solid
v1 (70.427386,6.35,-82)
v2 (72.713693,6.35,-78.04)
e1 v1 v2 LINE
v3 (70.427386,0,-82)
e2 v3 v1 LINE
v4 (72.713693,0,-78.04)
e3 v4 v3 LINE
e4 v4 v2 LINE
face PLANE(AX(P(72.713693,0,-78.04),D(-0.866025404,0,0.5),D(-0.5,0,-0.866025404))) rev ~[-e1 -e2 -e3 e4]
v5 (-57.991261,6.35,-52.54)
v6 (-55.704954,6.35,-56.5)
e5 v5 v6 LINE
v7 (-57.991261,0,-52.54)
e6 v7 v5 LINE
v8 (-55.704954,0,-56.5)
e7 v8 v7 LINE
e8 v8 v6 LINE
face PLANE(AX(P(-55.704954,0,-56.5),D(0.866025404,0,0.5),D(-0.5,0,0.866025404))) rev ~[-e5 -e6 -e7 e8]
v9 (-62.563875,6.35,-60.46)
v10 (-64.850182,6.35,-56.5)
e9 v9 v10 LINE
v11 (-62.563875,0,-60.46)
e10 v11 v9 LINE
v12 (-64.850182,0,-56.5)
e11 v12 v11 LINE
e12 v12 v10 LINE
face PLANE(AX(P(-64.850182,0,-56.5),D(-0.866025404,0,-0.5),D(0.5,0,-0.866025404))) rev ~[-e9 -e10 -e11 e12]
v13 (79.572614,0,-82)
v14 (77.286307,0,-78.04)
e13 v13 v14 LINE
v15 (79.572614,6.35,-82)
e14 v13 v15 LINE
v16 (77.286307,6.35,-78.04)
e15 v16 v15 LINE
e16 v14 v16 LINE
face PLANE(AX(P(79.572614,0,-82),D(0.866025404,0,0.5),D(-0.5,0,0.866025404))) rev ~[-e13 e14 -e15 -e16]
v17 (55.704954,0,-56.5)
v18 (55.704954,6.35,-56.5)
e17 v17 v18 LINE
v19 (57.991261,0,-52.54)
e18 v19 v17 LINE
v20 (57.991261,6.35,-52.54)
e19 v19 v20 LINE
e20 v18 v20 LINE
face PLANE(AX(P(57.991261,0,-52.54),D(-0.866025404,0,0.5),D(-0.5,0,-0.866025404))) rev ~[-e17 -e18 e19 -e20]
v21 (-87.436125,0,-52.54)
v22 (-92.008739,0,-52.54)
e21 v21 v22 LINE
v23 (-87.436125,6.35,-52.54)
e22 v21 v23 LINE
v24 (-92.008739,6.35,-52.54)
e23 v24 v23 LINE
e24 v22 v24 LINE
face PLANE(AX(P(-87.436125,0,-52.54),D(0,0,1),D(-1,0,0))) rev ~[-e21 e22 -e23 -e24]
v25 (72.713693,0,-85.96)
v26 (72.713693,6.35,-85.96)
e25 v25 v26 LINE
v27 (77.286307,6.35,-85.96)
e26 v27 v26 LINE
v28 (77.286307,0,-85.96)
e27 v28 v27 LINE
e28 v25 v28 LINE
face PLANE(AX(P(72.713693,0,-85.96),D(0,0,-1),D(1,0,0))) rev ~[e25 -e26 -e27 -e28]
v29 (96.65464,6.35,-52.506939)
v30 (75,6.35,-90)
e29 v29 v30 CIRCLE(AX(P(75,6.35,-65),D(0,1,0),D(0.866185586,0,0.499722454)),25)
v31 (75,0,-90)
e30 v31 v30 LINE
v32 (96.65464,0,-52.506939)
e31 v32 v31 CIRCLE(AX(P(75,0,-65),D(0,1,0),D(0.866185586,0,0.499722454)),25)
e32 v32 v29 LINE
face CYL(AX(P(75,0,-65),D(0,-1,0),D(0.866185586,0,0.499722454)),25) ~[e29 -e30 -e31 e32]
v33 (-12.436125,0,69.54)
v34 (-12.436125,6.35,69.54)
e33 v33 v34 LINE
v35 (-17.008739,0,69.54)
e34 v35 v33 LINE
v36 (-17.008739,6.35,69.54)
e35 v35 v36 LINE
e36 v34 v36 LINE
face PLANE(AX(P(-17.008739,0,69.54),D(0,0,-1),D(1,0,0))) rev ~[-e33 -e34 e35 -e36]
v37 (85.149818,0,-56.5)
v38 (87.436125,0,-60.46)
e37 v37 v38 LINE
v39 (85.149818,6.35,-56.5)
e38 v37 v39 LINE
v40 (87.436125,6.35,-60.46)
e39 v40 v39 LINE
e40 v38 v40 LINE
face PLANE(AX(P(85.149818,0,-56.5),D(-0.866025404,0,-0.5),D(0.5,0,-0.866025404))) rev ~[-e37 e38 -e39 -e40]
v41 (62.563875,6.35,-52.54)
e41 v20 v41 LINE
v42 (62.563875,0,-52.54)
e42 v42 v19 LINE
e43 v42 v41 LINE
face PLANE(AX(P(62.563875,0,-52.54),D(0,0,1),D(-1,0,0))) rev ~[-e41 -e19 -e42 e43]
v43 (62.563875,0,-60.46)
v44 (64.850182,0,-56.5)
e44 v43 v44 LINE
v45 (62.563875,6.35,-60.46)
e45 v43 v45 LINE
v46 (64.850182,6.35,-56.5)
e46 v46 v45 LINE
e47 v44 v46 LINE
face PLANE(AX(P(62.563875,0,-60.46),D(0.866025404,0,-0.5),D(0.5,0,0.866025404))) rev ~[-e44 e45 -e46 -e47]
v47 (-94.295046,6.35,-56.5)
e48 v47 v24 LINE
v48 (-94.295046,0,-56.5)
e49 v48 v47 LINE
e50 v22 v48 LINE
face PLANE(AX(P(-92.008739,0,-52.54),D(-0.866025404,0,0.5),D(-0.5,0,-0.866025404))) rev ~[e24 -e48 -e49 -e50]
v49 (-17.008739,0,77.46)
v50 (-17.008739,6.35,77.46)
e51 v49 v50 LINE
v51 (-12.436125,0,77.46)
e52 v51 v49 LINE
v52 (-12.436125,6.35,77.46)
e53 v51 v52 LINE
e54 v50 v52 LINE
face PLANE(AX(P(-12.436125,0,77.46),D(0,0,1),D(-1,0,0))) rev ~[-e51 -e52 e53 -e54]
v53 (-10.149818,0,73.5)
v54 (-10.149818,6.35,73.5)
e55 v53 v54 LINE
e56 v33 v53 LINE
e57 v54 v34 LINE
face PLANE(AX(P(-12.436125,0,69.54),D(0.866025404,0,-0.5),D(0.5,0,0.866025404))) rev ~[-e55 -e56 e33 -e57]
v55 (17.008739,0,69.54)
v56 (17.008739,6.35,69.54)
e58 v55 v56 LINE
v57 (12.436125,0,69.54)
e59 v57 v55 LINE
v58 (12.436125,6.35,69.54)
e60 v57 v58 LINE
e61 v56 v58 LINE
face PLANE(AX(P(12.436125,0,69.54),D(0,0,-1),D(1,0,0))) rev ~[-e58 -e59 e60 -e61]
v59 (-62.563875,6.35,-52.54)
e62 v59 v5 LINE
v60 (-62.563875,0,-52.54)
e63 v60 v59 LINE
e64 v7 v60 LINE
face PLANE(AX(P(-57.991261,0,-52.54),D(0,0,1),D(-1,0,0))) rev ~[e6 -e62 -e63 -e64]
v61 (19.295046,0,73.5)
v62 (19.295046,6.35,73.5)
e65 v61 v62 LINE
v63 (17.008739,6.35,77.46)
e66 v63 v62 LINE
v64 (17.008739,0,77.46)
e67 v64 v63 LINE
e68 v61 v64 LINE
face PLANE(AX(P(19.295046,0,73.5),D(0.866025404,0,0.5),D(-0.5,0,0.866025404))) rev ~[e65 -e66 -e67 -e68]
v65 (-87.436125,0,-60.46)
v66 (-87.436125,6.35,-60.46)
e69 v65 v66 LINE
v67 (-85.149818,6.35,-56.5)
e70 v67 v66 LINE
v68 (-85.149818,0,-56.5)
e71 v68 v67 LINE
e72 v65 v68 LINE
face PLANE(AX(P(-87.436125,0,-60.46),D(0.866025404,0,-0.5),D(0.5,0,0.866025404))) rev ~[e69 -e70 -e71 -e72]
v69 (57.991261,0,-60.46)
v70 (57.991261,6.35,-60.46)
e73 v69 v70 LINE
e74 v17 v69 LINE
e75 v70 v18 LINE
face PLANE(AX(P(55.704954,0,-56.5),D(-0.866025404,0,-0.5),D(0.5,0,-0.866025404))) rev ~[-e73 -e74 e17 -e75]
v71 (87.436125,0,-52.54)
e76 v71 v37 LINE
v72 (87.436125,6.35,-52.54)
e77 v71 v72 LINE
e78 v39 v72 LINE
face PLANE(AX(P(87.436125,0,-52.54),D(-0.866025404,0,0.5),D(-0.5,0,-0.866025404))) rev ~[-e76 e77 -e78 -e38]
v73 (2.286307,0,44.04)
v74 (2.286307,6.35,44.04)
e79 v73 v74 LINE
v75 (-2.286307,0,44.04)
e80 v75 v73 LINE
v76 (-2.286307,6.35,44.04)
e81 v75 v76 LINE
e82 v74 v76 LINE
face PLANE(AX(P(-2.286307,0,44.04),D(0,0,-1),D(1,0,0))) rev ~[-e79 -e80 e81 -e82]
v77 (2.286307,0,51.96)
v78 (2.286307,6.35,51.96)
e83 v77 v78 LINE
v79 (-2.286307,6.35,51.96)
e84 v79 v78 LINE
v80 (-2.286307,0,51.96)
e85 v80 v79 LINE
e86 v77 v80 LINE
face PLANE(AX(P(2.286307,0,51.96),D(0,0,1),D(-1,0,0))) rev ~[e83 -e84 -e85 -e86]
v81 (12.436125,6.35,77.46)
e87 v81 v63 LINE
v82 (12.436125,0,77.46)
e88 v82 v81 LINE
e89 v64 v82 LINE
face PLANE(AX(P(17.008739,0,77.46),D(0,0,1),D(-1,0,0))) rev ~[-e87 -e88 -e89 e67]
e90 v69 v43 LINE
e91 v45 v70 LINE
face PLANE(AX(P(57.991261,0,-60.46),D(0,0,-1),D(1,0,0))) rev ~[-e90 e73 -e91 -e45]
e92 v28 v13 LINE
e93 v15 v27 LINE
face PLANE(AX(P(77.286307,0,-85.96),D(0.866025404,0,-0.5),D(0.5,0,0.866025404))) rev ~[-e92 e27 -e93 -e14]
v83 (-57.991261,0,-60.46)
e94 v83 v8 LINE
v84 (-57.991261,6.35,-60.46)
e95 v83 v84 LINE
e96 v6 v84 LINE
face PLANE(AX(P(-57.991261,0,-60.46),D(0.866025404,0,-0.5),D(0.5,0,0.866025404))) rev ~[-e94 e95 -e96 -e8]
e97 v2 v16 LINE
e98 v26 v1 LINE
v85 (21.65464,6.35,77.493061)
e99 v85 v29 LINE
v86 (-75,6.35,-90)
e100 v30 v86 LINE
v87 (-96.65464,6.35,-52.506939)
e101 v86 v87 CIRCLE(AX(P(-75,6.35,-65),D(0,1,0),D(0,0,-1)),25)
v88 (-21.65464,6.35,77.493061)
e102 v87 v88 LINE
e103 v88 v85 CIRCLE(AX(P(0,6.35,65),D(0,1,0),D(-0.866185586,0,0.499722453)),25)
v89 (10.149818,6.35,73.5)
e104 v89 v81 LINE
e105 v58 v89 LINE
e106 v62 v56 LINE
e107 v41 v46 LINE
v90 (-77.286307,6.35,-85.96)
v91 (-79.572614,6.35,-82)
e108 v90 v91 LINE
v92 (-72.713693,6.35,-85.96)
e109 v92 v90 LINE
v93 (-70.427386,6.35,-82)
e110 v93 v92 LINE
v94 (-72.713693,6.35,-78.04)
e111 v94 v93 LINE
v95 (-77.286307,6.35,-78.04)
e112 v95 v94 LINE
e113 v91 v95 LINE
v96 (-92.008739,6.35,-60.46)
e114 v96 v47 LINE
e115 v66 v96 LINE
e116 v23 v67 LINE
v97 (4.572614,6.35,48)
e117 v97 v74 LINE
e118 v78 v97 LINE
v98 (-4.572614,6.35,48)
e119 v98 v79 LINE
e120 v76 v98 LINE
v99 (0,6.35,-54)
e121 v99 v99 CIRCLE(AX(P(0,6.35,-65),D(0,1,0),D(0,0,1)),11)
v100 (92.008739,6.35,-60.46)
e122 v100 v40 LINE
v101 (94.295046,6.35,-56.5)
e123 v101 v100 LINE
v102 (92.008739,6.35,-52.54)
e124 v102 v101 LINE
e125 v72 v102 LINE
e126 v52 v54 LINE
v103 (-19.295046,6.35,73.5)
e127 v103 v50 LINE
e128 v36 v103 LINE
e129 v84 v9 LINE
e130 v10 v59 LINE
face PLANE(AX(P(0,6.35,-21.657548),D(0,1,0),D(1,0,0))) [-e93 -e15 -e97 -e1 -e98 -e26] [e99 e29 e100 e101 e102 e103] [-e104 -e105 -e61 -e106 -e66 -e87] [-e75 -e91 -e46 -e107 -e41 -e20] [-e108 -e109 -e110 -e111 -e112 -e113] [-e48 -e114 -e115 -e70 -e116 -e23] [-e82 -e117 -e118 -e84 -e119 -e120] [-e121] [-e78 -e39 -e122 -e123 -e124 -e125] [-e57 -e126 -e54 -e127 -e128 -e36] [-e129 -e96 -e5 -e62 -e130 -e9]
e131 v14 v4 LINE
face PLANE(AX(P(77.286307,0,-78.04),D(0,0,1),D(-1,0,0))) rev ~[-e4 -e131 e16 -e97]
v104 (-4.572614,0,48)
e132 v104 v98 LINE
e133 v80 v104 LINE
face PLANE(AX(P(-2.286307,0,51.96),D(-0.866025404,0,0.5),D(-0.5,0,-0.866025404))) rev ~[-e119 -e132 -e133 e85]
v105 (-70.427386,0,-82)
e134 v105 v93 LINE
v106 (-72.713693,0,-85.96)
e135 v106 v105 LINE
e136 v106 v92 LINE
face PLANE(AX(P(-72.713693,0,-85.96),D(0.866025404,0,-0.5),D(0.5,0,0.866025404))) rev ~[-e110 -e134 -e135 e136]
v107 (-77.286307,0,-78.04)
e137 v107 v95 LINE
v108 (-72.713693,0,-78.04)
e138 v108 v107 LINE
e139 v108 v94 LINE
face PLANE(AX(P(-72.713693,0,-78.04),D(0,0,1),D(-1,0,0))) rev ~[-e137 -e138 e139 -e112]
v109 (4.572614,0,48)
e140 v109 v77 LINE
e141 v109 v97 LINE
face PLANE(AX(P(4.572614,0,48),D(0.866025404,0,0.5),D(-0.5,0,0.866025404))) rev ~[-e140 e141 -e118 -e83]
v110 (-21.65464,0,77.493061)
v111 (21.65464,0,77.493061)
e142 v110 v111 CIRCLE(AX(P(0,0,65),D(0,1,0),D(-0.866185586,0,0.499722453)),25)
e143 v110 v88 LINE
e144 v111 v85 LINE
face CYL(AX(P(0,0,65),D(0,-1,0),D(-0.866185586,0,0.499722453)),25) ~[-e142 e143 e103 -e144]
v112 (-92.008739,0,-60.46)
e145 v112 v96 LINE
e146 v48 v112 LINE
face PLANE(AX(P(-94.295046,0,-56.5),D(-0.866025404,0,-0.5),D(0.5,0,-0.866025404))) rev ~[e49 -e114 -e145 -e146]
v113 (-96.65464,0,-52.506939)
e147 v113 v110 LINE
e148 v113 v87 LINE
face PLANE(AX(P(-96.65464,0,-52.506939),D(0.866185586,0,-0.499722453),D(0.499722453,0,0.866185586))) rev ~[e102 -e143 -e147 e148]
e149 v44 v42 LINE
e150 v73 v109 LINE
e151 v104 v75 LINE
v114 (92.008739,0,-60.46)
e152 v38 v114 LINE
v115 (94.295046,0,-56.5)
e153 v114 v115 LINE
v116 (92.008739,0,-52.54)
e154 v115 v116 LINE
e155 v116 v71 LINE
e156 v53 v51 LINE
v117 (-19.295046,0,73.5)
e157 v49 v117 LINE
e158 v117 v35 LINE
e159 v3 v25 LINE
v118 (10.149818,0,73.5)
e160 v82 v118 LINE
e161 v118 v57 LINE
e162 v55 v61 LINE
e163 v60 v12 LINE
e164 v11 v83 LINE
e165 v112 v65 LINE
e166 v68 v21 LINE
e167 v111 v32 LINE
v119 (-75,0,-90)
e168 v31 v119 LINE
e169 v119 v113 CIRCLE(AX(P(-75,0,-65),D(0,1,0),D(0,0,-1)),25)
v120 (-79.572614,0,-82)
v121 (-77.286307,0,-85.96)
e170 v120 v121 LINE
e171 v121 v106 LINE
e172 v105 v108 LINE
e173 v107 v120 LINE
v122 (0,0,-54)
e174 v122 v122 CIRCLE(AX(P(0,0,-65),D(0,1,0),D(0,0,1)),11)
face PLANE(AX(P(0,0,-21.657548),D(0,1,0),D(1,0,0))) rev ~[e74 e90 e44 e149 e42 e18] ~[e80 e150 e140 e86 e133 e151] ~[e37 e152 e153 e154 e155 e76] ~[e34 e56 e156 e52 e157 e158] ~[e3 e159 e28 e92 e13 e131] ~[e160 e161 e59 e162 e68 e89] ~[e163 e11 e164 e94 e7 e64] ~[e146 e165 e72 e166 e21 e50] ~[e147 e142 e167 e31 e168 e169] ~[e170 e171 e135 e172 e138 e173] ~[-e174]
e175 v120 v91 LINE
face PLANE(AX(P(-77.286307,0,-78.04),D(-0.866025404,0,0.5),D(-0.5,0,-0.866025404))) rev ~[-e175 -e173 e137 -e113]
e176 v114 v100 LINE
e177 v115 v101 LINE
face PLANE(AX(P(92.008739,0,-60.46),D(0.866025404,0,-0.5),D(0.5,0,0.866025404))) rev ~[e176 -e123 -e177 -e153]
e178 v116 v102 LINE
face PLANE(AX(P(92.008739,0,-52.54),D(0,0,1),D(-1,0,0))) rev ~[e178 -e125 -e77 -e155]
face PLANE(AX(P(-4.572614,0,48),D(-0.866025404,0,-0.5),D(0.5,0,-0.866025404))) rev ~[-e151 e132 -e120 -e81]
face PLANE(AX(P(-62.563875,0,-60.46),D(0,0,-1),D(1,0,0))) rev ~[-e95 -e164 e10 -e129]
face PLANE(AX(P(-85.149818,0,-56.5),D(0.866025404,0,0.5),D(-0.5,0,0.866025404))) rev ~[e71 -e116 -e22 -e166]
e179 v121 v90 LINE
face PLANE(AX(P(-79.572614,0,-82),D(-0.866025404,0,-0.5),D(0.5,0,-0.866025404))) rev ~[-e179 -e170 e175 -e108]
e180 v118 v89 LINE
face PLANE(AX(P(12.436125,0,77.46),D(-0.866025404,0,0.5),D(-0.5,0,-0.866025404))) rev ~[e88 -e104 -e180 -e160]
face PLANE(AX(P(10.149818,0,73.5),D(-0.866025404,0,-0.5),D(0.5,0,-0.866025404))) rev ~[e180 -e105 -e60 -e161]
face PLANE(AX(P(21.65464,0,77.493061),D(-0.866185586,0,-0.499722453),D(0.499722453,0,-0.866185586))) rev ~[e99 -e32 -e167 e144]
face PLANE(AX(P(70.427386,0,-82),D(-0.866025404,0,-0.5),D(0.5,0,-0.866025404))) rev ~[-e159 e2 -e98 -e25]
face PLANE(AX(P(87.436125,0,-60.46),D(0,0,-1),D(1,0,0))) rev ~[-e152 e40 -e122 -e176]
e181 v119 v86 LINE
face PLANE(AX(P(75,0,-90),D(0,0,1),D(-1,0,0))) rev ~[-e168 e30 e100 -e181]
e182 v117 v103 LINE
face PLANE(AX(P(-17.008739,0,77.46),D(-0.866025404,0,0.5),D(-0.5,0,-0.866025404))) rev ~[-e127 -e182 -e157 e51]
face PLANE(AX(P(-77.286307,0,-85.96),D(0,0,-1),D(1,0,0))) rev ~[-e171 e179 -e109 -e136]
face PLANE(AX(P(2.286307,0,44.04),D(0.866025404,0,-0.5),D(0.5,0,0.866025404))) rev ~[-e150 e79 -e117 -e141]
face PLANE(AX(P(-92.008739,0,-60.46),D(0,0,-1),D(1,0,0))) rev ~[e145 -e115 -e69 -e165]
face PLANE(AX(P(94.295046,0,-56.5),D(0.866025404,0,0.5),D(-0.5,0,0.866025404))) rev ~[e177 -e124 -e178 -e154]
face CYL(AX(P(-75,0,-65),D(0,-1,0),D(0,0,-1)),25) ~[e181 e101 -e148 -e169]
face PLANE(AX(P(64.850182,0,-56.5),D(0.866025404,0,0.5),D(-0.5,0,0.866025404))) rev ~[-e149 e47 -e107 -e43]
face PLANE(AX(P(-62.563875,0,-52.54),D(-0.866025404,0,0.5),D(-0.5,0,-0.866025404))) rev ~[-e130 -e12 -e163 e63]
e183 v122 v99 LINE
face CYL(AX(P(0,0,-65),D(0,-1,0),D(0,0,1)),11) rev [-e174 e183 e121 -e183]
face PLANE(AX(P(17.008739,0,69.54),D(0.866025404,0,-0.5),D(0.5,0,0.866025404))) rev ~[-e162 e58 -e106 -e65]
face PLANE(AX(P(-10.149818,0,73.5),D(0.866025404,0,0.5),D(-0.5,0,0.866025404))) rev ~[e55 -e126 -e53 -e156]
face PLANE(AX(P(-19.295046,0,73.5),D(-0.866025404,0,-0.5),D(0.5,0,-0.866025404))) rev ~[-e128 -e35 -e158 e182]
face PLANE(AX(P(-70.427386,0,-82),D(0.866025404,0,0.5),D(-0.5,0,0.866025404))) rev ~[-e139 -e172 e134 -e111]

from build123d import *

# Parameters (mm, degrees)
ESQUISSE1_R             = 11
BOSS_EXTRU_1_DEPTH      = 6.35
ENL_V_MAT_EXTRU_1_DEPTH = 135.686014493


with BuildPart() as part:
    # Esquisse1 → Boss.-Extru.1 (new body)
    with BuildSketch(Plane(origin=(0, 0, 0), x_dir=(1, 0, 0), z_dir=(0, 1, 0))):
        with BuildLine():
            Line((-96.654639651, 52.506938663), (-21.654639651, -77.493061337))
            ThreePointArc((-21.654639651, -77.493061337), (0, -90), (21.654639651, -77.493061337))
            Line((21.654639651, -77.493061337), (96.654639651, 52.506938663))
            ThreePointArc((96.654639651, 52.506938663), (96.648631983, 77.50346885), (75, 90))
            Line((75, 90), (-75, 90))
            ThreePointArc((-75, 90), (-96.648631983, 77.50346885), (-96.654639651, 52.506938663))
        make_face()
        with Locations(Location((0, 65, 0), (0, 0, 270))):
            Circle(ESQUISSE1_R, mode=Mode.SUBTRACT)
    extrude(amount=BOSS_EXTRU_1_DEPTH)

    # Esquisse3 → Enlèv. mat.-Extru.1 (cut, through all)
    with BuildSketch(Plane.XZ):
        Polygon((-79.572614132, -82), (-77.286307066, -85.96), (-72.713692934, -85.96), (-70.427385868, -82), (-72.713692934, -78.04), (-77.286307066, -78.04), align=None)
        Polygon((-94.295045996, -56.5), (-92.00873893, -60.46), (-87.436124798, -60.46), (-85.149817732, -56.5), (-87.436124798, -52.54), (-92.00873893, -52.54), align=None)
        Polygon((-64.850182268, -56.5), (-62.563875202, -60.46), (-57.99126107, -60.46), (-55.704954004, -56.5), (-57.99126107, -52.54), (-62.563875202, -52.54), align=None)
        Polygon((55.704954004, -56.5), (57.99126107, -60.46), (62.563875202, -60.46), (64.850182268, -56.5), (62.563875202, -52.54), (57.99126107, -52.54), align=None)
        Polygon((70.427385868, -82), (72.713692934, -85.96), (77.286307066, -85.96), (79.572614132, -82), (77.286307066, -78.04), (72.713692934, -78.04), align=None)
        Polygon((85.149817732, -56.5), (87.436124798, -60.46), (92.00873893, -60.46), (94.295045996, -56.5), (92.00873893, -52.54), (87.436124798, -52.54), align=None)
        Polygon((-4.572614132, 48), (-2.286307066, 44.04), (2.286307066, 44.04), (4.572614132, 48), (2.286307066, 51.96), (-2.286307066, 51.96), align=None)
        Polygon((-19.295045996, 73.5), (-17.00873893, 69.54), (-12.436124798, 69.54), (-10.149817732, 73.5), (-12.436124798, 77.46), (-17.00873893, 77.46), align=None)
        Polygon((10.149817732, 73.5), (12.436124798, 69.54), (17.00873893, 69.54), (19.295045996, 73.5), (17.00873893, 77.46), (12.436124798, 77.46), align=None)
    extrude(amount=-ENL_V_MAT_EXTRU_1_DEPTH, mode=Mode.SUBTRACT)


solid = part.part
